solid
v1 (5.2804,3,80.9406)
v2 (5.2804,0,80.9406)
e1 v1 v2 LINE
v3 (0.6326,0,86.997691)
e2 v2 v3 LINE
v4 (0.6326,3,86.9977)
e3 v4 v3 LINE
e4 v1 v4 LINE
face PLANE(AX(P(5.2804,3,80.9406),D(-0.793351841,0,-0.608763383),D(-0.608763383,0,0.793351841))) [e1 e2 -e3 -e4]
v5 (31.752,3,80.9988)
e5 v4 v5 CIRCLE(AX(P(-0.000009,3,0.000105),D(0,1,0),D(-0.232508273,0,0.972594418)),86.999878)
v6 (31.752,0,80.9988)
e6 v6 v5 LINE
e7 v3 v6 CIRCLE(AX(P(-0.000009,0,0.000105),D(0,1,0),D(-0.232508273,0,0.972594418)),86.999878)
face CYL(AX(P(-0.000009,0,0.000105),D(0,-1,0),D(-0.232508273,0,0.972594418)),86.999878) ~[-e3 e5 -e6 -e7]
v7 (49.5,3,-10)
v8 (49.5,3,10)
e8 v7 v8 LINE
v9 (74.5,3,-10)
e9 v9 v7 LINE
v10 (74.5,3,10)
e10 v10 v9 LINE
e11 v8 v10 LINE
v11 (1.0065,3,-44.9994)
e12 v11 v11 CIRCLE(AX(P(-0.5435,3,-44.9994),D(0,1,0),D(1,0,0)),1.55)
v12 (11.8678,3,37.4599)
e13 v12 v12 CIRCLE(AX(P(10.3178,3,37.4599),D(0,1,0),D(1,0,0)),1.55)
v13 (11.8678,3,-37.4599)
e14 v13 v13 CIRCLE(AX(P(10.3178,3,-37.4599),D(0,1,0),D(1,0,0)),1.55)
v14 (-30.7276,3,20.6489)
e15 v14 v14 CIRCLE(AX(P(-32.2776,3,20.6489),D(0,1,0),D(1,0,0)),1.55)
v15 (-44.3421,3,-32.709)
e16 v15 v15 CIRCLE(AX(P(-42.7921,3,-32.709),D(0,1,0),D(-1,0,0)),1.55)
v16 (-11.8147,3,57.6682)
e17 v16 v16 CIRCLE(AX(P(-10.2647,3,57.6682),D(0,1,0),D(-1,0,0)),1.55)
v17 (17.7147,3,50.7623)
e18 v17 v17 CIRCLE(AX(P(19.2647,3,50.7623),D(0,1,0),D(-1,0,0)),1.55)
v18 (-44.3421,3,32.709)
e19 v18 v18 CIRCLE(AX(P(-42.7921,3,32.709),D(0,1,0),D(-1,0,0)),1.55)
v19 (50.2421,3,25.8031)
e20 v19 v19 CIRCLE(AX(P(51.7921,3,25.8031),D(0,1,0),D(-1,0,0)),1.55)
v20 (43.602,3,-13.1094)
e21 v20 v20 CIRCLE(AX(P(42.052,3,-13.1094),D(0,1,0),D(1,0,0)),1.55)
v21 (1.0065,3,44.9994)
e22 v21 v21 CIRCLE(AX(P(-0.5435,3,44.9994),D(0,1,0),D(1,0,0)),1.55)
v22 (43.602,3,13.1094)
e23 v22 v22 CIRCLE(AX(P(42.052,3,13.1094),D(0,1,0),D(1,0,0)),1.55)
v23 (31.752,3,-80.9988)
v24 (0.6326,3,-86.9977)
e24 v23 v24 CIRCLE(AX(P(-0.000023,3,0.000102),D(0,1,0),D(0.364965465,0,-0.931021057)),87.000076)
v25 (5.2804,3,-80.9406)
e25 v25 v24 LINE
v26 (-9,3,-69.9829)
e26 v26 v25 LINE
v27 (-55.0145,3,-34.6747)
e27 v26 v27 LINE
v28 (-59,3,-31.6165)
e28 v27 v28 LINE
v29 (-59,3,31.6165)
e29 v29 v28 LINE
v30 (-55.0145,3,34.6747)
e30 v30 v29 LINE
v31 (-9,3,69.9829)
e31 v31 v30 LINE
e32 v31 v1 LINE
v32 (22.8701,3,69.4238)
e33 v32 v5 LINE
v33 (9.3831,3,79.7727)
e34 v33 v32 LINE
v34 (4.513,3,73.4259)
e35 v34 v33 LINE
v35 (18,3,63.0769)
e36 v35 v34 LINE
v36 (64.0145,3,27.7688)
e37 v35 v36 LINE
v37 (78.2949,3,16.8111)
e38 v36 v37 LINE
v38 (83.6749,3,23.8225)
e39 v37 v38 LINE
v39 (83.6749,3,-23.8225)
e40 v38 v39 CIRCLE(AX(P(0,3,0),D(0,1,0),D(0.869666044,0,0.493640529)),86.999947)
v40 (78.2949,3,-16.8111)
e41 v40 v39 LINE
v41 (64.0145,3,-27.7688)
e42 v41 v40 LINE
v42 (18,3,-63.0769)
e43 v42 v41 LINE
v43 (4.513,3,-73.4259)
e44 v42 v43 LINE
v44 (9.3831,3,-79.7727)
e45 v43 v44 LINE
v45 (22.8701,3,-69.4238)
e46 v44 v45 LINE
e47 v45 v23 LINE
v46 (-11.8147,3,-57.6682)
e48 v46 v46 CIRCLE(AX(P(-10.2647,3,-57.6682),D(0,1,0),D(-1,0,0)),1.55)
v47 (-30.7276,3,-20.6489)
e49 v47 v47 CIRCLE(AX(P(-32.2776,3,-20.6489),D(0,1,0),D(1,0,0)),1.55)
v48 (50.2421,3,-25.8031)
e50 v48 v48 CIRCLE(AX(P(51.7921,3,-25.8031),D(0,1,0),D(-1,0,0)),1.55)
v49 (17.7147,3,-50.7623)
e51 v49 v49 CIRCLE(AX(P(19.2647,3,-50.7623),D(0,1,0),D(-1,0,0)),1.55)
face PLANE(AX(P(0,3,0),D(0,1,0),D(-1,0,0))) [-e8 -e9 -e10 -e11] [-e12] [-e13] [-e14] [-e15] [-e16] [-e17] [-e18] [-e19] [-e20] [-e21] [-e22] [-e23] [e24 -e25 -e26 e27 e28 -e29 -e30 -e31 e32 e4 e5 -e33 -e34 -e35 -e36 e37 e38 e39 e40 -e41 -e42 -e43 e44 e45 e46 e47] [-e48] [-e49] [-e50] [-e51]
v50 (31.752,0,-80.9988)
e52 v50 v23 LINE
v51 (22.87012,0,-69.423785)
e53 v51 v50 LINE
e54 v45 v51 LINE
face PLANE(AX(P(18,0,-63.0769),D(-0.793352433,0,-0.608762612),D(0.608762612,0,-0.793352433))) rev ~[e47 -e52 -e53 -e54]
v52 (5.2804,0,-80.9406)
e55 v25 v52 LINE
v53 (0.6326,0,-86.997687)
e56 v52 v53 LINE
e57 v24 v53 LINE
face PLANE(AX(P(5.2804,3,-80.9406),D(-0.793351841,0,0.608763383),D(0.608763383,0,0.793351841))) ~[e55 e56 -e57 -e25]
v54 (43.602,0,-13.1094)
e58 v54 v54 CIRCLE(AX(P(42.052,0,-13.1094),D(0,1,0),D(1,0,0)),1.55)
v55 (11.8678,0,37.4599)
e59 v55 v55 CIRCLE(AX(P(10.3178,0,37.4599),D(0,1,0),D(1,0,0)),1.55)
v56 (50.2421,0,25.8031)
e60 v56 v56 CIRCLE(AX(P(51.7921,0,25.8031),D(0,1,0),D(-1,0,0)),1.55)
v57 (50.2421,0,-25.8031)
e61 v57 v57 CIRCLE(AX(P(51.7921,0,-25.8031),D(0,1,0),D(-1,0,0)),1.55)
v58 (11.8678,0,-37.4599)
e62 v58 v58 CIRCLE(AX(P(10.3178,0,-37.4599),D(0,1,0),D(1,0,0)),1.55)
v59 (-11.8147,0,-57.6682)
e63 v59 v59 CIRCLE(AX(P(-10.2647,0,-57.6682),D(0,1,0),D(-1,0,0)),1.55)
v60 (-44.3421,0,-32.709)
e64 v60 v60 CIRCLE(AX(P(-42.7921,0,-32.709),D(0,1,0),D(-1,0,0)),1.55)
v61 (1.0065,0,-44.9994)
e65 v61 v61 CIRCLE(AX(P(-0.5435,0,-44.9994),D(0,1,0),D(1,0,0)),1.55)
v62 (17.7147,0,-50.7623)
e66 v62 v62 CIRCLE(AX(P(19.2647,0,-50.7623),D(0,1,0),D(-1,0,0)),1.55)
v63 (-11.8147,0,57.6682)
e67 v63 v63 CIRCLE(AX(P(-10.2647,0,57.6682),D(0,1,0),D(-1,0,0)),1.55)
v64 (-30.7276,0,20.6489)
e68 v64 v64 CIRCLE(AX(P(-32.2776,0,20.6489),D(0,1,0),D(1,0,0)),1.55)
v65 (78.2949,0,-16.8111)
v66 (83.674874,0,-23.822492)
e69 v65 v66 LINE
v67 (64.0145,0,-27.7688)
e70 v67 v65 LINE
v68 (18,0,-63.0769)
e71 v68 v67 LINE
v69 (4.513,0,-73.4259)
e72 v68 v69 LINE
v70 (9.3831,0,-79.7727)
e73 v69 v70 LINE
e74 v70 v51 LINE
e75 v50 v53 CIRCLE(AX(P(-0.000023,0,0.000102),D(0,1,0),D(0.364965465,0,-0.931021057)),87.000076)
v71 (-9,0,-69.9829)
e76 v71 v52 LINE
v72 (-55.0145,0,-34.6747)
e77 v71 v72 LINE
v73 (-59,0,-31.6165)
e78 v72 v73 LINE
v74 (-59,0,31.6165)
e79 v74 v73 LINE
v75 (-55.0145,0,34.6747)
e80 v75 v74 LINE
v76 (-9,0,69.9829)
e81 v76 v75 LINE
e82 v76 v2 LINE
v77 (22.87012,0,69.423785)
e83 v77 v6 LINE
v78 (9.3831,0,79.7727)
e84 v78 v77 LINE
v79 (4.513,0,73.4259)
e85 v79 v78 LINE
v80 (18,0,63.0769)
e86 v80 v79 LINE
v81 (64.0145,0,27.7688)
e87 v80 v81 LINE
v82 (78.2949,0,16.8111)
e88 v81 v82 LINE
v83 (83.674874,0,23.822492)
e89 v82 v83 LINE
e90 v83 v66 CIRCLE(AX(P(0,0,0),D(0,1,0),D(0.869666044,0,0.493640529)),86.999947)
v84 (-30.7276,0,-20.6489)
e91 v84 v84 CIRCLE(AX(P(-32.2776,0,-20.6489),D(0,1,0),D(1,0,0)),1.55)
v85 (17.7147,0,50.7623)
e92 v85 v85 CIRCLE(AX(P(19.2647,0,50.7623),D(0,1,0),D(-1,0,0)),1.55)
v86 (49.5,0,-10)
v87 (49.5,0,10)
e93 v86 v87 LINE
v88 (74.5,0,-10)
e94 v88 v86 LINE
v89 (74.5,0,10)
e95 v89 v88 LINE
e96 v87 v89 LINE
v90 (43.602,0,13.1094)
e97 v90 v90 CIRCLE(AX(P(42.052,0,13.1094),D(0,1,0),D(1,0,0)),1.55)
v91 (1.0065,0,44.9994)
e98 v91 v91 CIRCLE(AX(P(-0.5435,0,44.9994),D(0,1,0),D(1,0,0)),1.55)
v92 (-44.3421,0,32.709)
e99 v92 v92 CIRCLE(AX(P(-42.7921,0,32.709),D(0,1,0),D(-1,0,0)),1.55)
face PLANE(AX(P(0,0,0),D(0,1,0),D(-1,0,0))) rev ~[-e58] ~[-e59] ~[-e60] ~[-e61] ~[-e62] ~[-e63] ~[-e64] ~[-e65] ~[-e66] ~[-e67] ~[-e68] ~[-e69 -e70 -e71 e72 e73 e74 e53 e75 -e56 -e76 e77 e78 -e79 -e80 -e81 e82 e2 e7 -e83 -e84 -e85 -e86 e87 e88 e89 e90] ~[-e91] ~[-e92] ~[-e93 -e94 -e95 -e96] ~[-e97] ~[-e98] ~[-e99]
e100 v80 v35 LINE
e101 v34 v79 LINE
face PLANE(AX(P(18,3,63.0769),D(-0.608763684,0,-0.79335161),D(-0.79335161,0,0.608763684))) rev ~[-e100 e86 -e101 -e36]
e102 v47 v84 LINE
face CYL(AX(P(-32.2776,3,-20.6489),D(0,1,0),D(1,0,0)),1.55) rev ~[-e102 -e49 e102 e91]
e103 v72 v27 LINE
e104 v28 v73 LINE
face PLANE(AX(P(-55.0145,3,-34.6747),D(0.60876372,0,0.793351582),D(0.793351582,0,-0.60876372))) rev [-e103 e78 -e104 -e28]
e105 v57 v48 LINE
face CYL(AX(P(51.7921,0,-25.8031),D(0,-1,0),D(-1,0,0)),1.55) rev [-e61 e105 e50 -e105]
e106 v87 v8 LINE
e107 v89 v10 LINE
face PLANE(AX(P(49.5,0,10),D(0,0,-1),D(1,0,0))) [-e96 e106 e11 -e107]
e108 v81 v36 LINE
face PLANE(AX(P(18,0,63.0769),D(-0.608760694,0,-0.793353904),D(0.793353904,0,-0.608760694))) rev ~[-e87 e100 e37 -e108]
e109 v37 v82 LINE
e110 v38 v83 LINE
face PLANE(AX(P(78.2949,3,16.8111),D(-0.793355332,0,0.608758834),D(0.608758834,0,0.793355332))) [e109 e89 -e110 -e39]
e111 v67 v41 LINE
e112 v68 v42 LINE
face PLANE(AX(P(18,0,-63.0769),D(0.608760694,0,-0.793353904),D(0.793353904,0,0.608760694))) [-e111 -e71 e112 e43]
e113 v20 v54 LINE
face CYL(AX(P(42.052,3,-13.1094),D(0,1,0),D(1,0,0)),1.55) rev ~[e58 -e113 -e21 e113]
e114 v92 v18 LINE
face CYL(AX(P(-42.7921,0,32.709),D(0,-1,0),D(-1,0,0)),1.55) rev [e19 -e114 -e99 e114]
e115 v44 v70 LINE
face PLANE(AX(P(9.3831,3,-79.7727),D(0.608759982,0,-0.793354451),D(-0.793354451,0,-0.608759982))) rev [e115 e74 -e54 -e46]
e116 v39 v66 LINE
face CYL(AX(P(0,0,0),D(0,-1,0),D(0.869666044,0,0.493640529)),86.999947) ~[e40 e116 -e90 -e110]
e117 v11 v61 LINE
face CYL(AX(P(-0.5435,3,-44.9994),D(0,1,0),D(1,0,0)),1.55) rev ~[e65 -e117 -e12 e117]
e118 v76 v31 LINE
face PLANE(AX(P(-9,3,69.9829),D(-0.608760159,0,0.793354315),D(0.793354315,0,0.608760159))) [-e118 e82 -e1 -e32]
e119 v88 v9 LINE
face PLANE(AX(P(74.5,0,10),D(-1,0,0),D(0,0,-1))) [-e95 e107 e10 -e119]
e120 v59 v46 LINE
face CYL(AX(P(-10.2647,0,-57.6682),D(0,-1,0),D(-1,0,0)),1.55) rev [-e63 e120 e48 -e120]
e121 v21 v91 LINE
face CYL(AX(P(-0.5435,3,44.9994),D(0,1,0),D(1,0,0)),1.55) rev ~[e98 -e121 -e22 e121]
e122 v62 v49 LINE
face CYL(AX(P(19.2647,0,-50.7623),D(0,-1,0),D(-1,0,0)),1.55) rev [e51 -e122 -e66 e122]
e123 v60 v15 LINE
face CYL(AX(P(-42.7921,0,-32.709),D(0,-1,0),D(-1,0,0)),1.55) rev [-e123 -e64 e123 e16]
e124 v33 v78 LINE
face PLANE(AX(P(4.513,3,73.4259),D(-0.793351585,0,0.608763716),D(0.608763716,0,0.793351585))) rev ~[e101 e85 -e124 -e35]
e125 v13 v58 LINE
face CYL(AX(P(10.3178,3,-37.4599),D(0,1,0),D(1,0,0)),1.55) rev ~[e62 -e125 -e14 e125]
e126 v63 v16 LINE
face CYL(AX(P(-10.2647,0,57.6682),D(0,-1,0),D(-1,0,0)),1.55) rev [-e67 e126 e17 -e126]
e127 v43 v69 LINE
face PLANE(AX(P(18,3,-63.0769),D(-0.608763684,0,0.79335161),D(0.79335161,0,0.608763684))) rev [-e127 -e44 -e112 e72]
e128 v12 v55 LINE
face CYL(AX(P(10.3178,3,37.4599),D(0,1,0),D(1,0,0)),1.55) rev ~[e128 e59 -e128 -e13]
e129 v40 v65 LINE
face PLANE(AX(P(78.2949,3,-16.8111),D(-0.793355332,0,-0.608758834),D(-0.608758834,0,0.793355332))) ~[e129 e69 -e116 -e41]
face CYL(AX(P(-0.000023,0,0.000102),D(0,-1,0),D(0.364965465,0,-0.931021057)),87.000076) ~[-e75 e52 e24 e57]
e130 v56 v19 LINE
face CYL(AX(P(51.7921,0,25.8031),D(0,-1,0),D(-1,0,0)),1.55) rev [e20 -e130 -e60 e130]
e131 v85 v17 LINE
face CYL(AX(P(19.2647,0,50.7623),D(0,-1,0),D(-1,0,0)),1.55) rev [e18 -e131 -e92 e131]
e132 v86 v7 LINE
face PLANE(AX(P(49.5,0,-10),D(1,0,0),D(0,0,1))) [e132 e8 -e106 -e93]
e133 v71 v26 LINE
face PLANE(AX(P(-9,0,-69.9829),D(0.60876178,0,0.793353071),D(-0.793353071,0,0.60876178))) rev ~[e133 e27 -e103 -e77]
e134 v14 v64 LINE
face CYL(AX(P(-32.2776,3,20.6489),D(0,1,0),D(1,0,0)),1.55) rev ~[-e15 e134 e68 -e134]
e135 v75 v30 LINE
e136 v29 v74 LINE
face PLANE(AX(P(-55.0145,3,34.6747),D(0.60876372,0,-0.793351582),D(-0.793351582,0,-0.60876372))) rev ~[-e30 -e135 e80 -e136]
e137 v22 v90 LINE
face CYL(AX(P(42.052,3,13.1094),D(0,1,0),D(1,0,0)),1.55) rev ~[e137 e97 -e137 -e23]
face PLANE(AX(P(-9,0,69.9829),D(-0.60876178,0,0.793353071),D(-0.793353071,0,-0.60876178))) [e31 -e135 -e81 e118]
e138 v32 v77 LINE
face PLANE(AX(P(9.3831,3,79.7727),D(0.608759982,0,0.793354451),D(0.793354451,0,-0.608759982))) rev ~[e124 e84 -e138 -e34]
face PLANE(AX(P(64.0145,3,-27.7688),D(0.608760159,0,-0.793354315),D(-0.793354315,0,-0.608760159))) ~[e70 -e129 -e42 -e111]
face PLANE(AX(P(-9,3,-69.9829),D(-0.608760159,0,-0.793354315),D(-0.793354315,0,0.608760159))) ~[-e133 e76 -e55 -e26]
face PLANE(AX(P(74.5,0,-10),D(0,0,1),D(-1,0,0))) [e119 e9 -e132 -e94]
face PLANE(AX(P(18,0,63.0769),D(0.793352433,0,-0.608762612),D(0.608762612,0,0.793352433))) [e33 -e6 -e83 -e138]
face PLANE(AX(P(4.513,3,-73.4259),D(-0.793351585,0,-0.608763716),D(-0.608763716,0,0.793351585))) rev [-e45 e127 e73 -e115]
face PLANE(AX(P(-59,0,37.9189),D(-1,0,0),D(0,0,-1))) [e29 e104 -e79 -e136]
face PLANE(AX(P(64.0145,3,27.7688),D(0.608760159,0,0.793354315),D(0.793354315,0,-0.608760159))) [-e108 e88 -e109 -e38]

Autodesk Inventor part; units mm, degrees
ref_plane "YZ Plane" through (0, 0, 0) normal (1, 0, 0) x (0, 1, 0)
ref_plane "XZ Plane" through (0, 0, 0) normal (0, 1, 0) x (-1, 0, 0)
ref_plane "XY Plane" through (0, 0, 0) normal (0, 0, 1) x (1, 0, 0)
sketch "Boceto1" plane through (0, 0, 0) normal (0, 1, 0) x (-1, 0, 0)
  line L0 (0, 0) -> (0, -87) construction
  line L1 (0, 0) -> (0, 83.8978) construction
  line L2 (0, 0) -> (-87, 0) construction
  line L3 (0, 0) -> (59, 0) construction
  line L4 (-74.5, -10) -> (-49.5, -10)
  line L5 (-49.5, -10) -> (-49.5, 10)
  line L6 (-49.5, 10) -> (-74.5, 10)
  line L7 (-74.5, 10) -> (-74.5, -10)
  line L8 (-74.5, -10) -> (-49.5, 10) construction
  line L9 (-49.5, -10) -> (-74.5, 10) construction
  line L10 (-18, 63.0769) -> (-64.0145, 27.7688)
  line L11 (9, 69.9829) -> (55.0145, 34.6747)
  line L12 (9, 69.9829) -> (20.2282, 84.6157)
  line L13 (-18, 63.0769) -> (-31.752, 80.9988)
  line L14 (-64.0145, 27.7688) -> (-75.6609, 42.9467)
  line L15 (-18, -63.0769) -> (-64.0145, -27.7688)
  line L16 (9, -69.9829) -> (55.0145, -34.6747)
  line L17 (9, -69.9829) -> (20.2282, -84.6157)
  line L18 (-18, -63.0769) -> (-31.752, -80.9988)
  line L19 (-64.0145, -27.7688) -> (-75.6609, -42.9467)
  arc A0 (-75.6609, 42.9467) -> (-75.6609, -42.9467) centre (0, 0) ccw
  arc A1 (20.2282, 84.6157) -> (-31.752, 80.9988) centre (0, 0) ccw
  arc A2 (-31.752, -80.9988) -> (20.2282, -84.6157) centre (0, 0) ccw
  line L20 (59, 37.9189) -> (59, -37.9189)
  line L21 (58.0583, 38.6415) -> (59, 37.9189)
  line L22 (55.0145, 34.6747) -> (58.0583, 38.6415)
  line L23 (58.0583, -38.6415) -> (59, -37.9189)
  line L24 (55.0145, -34.6747) -> (58.0583, -38.6415)
  circle A3 centre (-19.2647, 50.7623) radius 1.55
  circle A4 centre (-51.7921, 25.8031) radius 1.55
  line L25 (-41.0072, 45.4229) -> (-35.5284, 38.2827) construction
  line L26 (-19.2647, 50.7623) -> (-51.7921, 25.8031) construction
  line L27 (32.0072, 52.3288) -> (22.9685, 40.5493) construction
  circle A5 centre (10.2647, 57.6682) radius 1.55
  circle A6 centre (42.7921, 32.709) radius 1.55
  circle A7 centre (-19.2647, -50.7623) radius 1.55
  circle A8 centre (-51.7921, -25.8031) radius 1.55
  circle A9 centre (10.2647, -57.6682) radius 1.55
  circle A10 centre (42.7921, -32.709) radius 1.55
  line L28 (42.7921, 32.709) -> (10.2647, 57.6682) construction
  point P0 (-62, 0)
  point P1 (-74.5, 0)
  point P2 (26.5284, 45.1886)
  dimension "d1" = 25
  dimension "d2" = 20
  dimension "d9" = 52.5
  dimension "d10" = 52.5
  dimension "d11" = 61
  dimension "d12" = 61
  dimension "d13" = 58
  dimension "d17" = 90
  dimension "d18" = 9
  dimension "d19" = 18
  dimension "d20" = 58
  dimension "d21" = 90
  dimension "d22" = 90
  dimension "d23" = 87
  dimension "d24" = 87
  dimension "d26" = 59
  dimension "d27" = 5
  dimension "d28" = 5
  dimension "d29" = 3.1
  dimension "d30" = 3.1
  dimension "d31" = 41
  dimension "d32" = 9
  dimension "d37" = 90
  dimension "d38" = 3.1
  dimension "d39" = 3.1
  dimension "d40" = 41
  dimension "d41" = 9
  dimension "d54" = 62
extrude "Extrusión1" add sketch "Boceto1" along normal blind 3
sketch "Boceto2" plane through (0, 3, 0) normal (0, 1, 0) x (1, 0, 0)
  line L0 (-9, -69.9829) -> (-55.0145, -34.6747) projected
  line L1 (-32.0072, -52.3288) -> (-0.1642, -10.8301) construction
  circle A0 centre (-32.2776, -20.6489) radius 1.55
  circle A1 centre (-0.5435, -44.9994) radius 1.55
  line L2 (-32.2776, -20.6489) -> (-0.5435, -44.9994) construction
  circle A2 centre (-42.7921, -32.709) radius 1.55 construction
  line L3 (64.0145, -27.7688) -> (18, -63.0769) projected
  line L4 (41.0072, -45.4229) -> (14.3892, -10.7335) construction
  circle A3 centre (10.3178, -37.4599) radius 1.55
  circle A4 centre (42.052, -13.1094) radius 1.55
  line L5 (42.052, -13.1094) -> (10.3178, -37.4599) construction
  circle A5 centre (19.2647, -50.7623) radius 1.55 construction
  line L6 (-59, 37.9189) -> (-59, -37.9189) construction
  line L7 (-59, 0) -> (115.874, 0) construction
  circle A6 centre (-32.2776, 20.6489) radius 1.55
  circle A7 centre (-0.5435, 44.9994) radius 1.55
  circle A8 centre (10.3178, 37.4599) radius 1.55
  circle A9 centre (42.052, 13.1094) radius 1.55
  point P0 (0, 0)
  dimension "d44" = 3.1
  dimension "d45" = 3.1
  dimension "d46" = 19.5
  dimension "d47" = 40
  dimension "d48" = 16
  dimension "d51" = 16
  dimension "d52" = 19.5
  dimension "d53" = 40
extrude "Extrusión2" cut sketch "Boceto2" against normal blind 10
sketch "Boceto3" plane through (0, 3, 0) normal (0, 1, 0) x (1, 0, 0)
  circle A0 centre (0, 0) radius 90 construction
  dimension "d55" = 180
sketch "Boceto5" plane through (0, 3, 0) normal (0, 1, 0) x (1, 0, 0)
  arc A0 (75.6609, 42.9467) -> (75.6609, -42.9467) centre (0, 0) ccw construction
  line L0 (87, 0) -> (-107.1861, 0) construction
  line L1 (-9, -69.9829) -> (-55.0145, -34.6747) projected
  line L2 (-9, -69.9829) -> (5.2804, -80.9406)
  line L3 (5.2804, -80.9406) -> (0.6326, -86.9977)
  arc A1 (31.752, -80.9988) -> (-20.2282, -84.6157) centre (0, 0) ccw projected
  line L4 (18, -63.0769) -> (31.752, -80.9988) projected
  line L5 (18, -63.0769) -> (4.513, -73.4259)
  line L6 (4.513, -73.4259) -> (9.3831, -79.7727)
  line L7 (9.3831, -79.7727) -> (22.8701, -69.4238)
  line L8 (-55.0145, -34.6747) -> (-59, -31.6165)
  line L9 (-59, -37.9189) -> (-59, 37.9189) projected
  circle A2 centre (42.052, 13.1094) radius 1.55 projected
  circle A3 centre (-32.2776, -20.6489) radius 1.55 projected
  circle A4 centre (-32.2776, 20.6489) radius 1.55 projected
  circle A5 centre (42.052, -13.1094) radius 1.55 projected
  circle A6 centre (10.3178, 37.4599) radius 1.55 projected
  circle A7 centre (-0.5435, -44.9994) radius 1.55 projected
  circle A8 centre (-0.5435, 44.9994) radius 1.55 projected
  circle A9 centre (10.3178, -37.4599) radius 1.55 projected
  arc A10 (-20.2282, -84.6157) -> (31.752, -80.9988) centre (0, 0) ccw projected
  line L10 (18, -63.0769) -> (31.752, -80.9988) projected
  line L11 (64.0145, -27.7688) -> (18, -63.0769) projected
  line L12 (75.6609, -42.9467) -> (64.0145, -27.7688) projected
  arc A11 (75.6609, -42.9467) -> (75.6609, 42.9467) centre (0, 0) ccw projected
  line L13 (64.0145, 27.7688) -> (75.6609, 42.9467) projected
  line L14 (18, 63.0769) -> (64.0145, 27.7688) projected
  line L15 (31.752, 80.9988) -> (18, 63.0769) projected
  arc A12 (31.752, 80.9988) -> (-20.2282, 84.6157) centre (0, 0) ccw projected
  line L16 (-9, 69.9829) -> (-20.2282, 84.6157) projected
  line L17 (-55.0145, 34.6747) -> (-9, 69.9829) projected
  line L18 (-58.0583, 38.6415) -> (-55.0145, 34.6747) projected
  line L19 (-59, 37.9189) -> (-58.0583, 38.6415) projected
  line L20 (-59, -37.9189) -> (-59, 37.9189) projected
  line L21 (-58.0583, -38.6415) -> (-59, -37.9189) projected
  line L22 (-55.0145, -34.6747) -> (-58.0583, -38.6415) projected
  line L23 (-9, -69.9829) -> (-55.0145, -34.6747) projected
  line L24 (-20.2282, -84.6157) -> (-9, -69.9829) projected
  circle A13 centre (-42.7921, 32.709) radius 1.55 projected
  circle A14 centre (-10.2647, 57.6682) radius 1.55 projected
  circle A15 centre (19.2647, 50.7623) radius 1.55 projected
  circle A16 centre (51.7921, 25.8031) radius 1.55 projected
  circle A17 centre (-42.7921, -32.709) radius 1.55 projected
  circle A18 centre (-10.2647, -57.6682) radius 1.55 projected
  circle A19 centre (51.7921, -25.8031) radius 1.55 projected
  circle A20 centre (19.2647, -50.7623) radius 1.55 projected
  line L25 (74.5, -10) -> (74.5, 10) projected
  line L26 (49.5, -10) -> (74.5, -10) projected
  line L27 (49.5, 10) -> (49.5, -10) projected
  line L28 (74.5, 10) -> (49.5, 10) projected
  line L29 (64.0145, -27.7688) -> (18, -63.0769) projected
  line L30 (64.0145, -27.7688) -> (78.2949, -16.8111)
  line L31 (78.2949, -16.8111) -> (83.6749, -23.8225)
  point P0 (-55.0145, -34.6747)
  point P1 (-9, -69.9829)
  point P2 (-20.2282, -84.6157)
  point P3 (-20.2282, 84.6157)
  point P4 (31.752, -80.9988)
  point P5 (75.6609, 42.9467)
  point P6 (-20.2282, -84.6157)
  dimension "d66" = 18
  dimension "d67" = 17
  dimension "d68" = 8
  dimension "d69" = 18
extrude "Extrusión3" cut sketch "Boceto5" against normal blind 10 contours L24 A1 L16 L17 L18 L19 L9 L21 L22 L1 | L2 L3 A10 L24 | L22 L21 L9 L8 | L4 L11 L12 A1 | A1 L13 L14 L15 | L12 L30 L31 A1 | L7 L6 L5 L4
mirror "Simetría1" about plane through (0, 0, 0) normal (0, 0, 1) of "Extrusión3"
ref_plane "Plano de trabajo1" through (0, 0, 0) normal (0, 0, 1) x (1, 0, 0)
properties part number "newbasecentral"
